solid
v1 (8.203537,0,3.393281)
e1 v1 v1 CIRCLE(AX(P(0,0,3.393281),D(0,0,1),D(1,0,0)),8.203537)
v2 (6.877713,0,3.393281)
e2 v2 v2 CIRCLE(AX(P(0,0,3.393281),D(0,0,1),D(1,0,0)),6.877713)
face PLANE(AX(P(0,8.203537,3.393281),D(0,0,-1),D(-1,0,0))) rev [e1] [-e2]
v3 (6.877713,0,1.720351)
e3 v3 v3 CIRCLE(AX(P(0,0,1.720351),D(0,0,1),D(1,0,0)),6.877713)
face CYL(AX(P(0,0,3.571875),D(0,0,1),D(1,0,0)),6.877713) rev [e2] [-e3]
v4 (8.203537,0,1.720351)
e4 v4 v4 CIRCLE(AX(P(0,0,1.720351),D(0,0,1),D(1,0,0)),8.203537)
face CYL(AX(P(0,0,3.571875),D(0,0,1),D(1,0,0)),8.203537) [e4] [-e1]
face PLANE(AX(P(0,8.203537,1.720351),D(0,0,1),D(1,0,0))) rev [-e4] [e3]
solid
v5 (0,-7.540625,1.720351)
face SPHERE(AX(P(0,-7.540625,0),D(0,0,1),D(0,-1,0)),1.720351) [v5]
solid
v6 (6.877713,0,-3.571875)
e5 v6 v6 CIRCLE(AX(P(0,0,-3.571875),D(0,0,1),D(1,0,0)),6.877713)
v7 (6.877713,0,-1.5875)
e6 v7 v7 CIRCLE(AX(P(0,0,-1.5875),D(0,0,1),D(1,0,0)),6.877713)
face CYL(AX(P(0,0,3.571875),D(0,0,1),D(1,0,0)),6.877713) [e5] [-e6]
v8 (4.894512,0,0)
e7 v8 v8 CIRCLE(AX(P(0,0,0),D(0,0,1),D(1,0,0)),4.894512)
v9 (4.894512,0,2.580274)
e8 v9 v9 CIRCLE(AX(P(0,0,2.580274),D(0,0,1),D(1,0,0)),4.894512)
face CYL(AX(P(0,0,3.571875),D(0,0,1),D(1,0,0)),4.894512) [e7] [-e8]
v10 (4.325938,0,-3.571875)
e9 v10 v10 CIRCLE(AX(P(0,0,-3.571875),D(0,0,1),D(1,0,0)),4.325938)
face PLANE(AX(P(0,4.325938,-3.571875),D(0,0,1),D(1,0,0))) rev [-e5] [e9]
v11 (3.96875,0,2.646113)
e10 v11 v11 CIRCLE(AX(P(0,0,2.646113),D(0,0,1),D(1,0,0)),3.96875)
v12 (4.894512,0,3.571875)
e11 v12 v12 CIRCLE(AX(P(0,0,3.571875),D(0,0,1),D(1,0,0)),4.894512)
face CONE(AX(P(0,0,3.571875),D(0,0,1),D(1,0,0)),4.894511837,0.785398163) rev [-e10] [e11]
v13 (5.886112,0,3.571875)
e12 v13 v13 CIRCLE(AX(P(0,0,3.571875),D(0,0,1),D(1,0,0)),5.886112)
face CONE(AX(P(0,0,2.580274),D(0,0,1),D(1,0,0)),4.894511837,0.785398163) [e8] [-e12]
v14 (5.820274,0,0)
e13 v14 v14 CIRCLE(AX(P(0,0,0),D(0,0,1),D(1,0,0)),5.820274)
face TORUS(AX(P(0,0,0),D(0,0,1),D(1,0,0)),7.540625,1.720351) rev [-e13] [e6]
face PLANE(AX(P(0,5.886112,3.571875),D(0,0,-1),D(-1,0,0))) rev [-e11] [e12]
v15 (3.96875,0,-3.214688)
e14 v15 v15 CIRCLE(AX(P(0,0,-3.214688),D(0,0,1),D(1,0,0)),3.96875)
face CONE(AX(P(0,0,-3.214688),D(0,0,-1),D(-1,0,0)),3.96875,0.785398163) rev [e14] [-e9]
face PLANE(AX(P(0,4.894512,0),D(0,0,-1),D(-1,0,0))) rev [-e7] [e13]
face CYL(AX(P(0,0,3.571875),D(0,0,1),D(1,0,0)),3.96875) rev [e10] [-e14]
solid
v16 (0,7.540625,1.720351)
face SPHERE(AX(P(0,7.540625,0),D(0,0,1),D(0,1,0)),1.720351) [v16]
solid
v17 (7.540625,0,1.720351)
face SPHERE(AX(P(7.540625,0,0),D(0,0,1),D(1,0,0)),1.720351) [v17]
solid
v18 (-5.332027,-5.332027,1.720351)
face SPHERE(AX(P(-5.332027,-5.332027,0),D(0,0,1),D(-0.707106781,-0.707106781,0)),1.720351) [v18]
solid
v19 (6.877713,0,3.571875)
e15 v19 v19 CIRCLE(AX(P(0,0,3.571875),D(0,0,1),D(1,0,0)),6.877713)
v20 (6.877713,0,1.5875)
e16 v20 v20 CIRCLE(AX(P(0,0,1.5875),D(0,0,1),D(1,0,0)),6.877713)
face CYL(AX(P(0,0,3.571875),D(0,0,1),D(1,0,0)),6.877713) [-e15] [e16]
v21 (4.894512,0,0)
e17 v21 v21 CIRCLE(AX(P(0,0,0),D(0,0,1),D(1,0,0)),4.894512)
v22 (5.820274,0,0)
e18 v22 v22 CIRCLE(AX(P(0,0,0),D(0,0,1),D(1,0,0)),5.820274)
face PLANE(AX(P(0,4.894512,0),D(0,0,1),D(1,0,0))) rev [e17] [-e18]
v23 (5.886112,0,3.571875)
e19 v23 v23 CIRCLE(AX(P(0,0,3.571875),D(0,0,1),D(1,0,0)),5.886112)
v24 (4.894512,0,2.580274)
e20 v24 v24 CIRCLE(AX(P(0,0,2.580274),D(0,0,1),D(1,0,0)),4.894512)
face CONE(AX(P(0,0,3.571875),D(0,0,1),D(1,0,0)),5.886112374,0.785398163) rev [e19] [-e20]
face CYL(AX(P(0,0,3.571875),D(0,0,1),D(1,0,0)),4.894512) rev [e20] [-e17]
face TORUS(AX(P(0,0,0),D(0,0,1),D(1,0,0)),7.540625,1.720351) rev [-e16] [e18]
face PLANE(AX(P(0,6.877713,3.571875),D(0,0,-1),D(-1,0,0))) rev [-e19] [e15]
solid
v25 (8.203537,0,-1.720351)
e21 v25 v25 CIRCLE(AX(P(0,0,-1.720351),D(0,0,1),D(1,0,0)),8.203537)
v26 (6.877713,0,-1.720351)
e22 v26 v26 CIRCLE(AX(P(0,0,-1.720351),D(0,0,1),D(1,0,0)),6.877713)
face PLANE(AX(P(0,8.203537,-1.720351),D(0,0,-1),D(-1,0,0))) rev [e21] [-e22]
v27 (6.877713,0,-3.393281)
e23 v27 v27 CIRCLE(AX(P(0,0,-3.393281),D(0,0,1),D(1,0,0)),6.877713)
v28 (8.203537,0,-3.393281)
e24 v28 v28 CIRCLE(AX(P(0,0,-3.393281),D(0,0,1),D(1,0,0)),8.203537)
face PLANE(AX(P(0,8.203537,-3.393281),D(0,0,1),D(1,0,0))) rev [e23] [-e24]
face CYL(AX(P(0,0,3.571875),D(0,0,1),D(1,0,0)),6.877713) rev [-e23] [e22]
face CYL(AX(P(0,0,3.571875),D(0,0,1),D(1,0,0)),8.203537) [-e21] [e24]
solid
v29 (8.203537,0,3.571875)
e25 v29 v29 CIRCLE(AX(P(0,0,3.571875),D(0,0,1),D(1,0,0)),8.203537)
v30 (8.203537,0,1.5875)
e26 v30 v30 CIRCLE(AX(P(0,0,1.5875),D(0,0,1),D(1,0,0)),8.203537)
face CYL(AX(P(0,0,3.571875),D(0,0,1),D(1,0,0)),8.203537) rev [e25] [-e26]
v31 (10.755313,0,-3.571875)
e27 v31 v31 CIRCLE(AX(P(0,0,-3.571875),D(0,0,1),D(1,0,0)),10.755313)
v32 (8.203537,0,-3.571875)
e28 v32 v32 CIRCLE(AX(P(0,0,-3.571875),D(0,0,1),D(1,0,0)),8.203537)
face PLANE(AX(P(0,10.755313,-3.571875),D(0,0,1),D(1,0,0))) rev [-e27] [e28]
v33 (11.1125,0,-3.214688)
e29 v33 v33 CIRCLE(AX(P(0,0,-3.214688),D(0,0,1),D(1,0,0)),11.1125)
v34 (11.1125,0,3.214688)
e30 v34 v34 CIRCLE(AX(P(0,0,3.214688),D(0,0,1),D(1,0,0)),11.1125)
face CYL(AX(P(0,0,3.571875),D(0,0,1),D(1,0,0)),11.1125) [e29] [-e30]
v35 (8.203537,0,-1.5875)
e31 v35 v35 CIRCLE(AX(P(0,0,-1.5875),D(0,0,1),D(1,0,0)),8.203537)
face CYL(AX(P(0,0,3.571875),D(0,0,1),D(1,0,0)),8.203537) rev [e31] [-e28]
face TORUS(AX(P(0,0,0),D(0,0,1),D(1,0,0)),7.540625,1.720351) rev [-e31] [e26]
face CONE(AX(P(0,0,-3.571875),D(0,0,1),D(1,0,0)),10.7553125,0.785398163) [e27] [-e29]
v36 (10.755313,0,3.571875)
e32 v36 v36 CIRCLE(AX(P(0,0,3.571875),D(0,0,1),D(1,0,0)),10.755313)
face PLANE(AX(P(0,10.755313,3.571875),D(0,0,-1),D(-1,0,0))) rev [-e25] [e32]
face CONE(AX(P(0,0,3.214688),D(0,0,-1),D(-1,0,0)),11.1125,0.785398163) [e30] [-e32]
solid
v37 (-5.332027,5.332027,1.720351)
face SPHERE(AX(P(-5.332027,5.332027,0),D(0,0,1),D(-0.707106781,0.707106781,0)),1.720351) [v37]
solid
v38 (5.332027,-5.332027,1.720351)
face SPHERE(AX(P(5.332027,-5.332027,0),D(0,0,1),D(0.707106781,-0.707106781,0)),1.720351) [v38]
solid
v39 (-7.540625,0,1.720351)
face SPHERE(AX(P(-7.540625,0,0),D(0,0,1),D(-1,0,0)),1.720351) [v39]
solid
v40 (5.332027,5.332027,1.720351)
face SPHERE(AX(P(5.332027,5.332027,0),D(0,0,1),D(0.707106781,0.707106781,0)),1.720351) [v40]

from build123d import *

# Parameters (mm, degrees)
CIRPATTERN1_COUNT = 8
SKETCH5_W         = 1.672929924
SKETCH5_H         = 1.325824176


with BuildPart() as part:
    # Sketch1 → Revolve1 (revolve)
    with BuildSketch(Plane(origin=(0, 0, 0), x_dir=(0, 0, -1), z_dir=(1, 0, 0))):
        with BuildLine():
            Line((3.2146875, 11.1125), (-3.2146875, 11.1125))
            Line((-3.2146875, 11.1125), (-3.571875, 10.7553125))
            Line((-3.571875, 10.7553125), (-3.571875, 8.203537088))
            Line((-3.571875, 8.203537088), (-1.5875, 8.203537088))
            ThreePointArc((-1.5875, 8.203537088), (0, 9.260976326), (1.5875, 8.203537088))
            Line((1.5875, 8.203537088), (3.571875, 8.203537088))
            Line((3.571875, 8.203537088), (3.571875, 10.7553125))
            Line((3.571875, 10.7553125), (3.2146875, 11.1125))
        make_face()
    revolve(axis=Axis((0, 0, 3.571875), (0, 0, -1)))


with BuildPart() as body_2:
    # Sketch2 → Revolve2 (revolve)
    with BuildSketch(Plane(origin=(0, 0, 0), x_dir=(0, 0, -1), z_dir=(1, 0, 0))):
        with BuildLine():
            Line((-3.571875, 6.877712912), (-1.5875, 6.877712912))
            ThreePointArc((-1.5875, 6.877712912), (-0.95372087, 6.108834098), (0, 5.820273674))
            Line((0, 5.820273674), (0, 4.894511837))
            Line((0, 4.894511837), (-2.580274462, 4.894511837))
            Line((-2.580274462, 4.894511837), (-3.571875, 5.886112374))
            Line((-3.571875, 5.886112374), (-3.571875, 6.877712912))
        make_face()
    revolve(axis=Axis((0, 0, 3.571875), (0, 0, -1)))


with BuildPart() as body_3:
    # Sketch3 → Revolve3 (revolve)
    with BuildSketch(Plane(origin=(0, 0, 0), x_dir=(0, 0, -1), z_dir=(1, 0, 0))):
        with BuildLine():
            Line((-3.571875, 5.886112374), (-2.580274462, 4.894511837))
            Line((-2.580274462, 4.894511837), (0, 4.894511837))
            Line((0, 4.894511837), (0, 5.820273674))
            ThreePointArc((0, 5.820273674), (0.95372087, 6.108834098), (1.5875, 6.877712912))
            Line((1.5875, 6.877712912), (3.571875, 6.877712912))
            Line((3.571875, 6.877712912), (3.571875, 4.3259375))
            Line((3.571875, 4.3259375), (3.2146875, 3.96875))
            Line((3.2146875, 3.96875), (-2.646113163, 3.96875))
            Line((-2.646113163, 3.96875), (-3.571875, 4.894511837))
            Line((-3.571875, 4.894511837), (-3.571875, 5.886112374))
        make_face()
    revolve(axis=Axis((0, 0, 3.571875), (0, 0, -1)))


with BuildPart() as body_4:
    # Sketch4 → Revolve4 (revolve)
    with BuildSketch(Plane(origin=(0, 0, 0), x_dir=(0, 0, -1), z_dir=(1, 0, 0))):
        with BuildLine():
            Line((-1.720351326, 7.540625), (1.720351326, 7.540625))
            ThreePointArc((1.720351326, 7.540625), (0, 9.260976326), (-1.720351326, 7.540625))
        make_face()
    revolve(axis=Axis((0, 7.540625, 1.720351326), (0, 0, -1)))


with BuildPart() as cirpattern1_1:
    # CirPattern1: pattern copy
    add(body_4.part.rotate(Axis((0, 0, -3.571875), (0, 0, 1)), 1 * 360 / CIRPATTERN1_COUNT))


with BuildPart() as cirpattern1_2:
    # CirPattern1: pattern copy
    add(body_4.part.rotate(Axis((0, 0, -3.571875), (0, 0, 1)), 2 * 360 / CIRPATTERN1_COUNT))


with BuildPart() as cirpattern1_3:
    # CirPattern1: pattern copy
    add(body_4.part.rotate(Axis((0, 0, -3.571875), (0, 0, 1)), 3 * 360 / CIRPATTERN1_COUNT))


with BuildPart() as cirpattern1_4:
    # CirPattern1: pattern copy
    add(body_4.part.rotate(Axis((0, 0, -3.571875), (0, 0, 1)), 4 * 360 / CIRPATTERN1_COUNT))


with BuildPart() as cirpattern1_5:
    # CirPattern1: pattern copy
    add(body_4.part.rotate(Axis((0, 0, -3.571875), (0, 0, 1)), 5 * 360 / CIRPATTERN1_COUNT))


with BuildPart() as cirpattern1_6:
    # CirPattern1: pattern copy
    add(body_4.part.rotate(Axis((0, 0, -3.571875), (0, 0, 1)), 6 * 360 / CIRPATTERN1_COUNT))


with BuildPart() as cirpattern1_7:
    # CirPattern1: pattern copy
    add(body_4.part.rotate(Axis((0, 0, -3.571875), (0, 0, 1)), 7 * 360 / CIRPATTERN1_COUNT))


with BuildPart() as body_12:
    # Sketch5 → Revolve5 (revolve)
    with BuildSketch(Plane(origin=(0, 0, 0), x_dir=(0, 0, -1), z_dir=(1, 0, 0))):
        with Locations((-2.556816288, 7.540625)):
            Rectangle(SKETCH5_W, SKETCH5_H)
        with Locations((2.556816288, 7.540625)):
            Rectangle(SKETCH5_W, SKETCH5_H)
    revolve(axis=Axis((0, 0, 3.571875), (0, 0, -1)))


solid = Compound([part.part, body_2.part, body_3.part, body_4.part, cirpattern1_1.part, cirpattern1_2.part, cirpattern1_3.part, cirpattern1_4.part, cirpattern1_5.part, cirpattern1_6.part, cirpattern1_7.part, body_12.part])
